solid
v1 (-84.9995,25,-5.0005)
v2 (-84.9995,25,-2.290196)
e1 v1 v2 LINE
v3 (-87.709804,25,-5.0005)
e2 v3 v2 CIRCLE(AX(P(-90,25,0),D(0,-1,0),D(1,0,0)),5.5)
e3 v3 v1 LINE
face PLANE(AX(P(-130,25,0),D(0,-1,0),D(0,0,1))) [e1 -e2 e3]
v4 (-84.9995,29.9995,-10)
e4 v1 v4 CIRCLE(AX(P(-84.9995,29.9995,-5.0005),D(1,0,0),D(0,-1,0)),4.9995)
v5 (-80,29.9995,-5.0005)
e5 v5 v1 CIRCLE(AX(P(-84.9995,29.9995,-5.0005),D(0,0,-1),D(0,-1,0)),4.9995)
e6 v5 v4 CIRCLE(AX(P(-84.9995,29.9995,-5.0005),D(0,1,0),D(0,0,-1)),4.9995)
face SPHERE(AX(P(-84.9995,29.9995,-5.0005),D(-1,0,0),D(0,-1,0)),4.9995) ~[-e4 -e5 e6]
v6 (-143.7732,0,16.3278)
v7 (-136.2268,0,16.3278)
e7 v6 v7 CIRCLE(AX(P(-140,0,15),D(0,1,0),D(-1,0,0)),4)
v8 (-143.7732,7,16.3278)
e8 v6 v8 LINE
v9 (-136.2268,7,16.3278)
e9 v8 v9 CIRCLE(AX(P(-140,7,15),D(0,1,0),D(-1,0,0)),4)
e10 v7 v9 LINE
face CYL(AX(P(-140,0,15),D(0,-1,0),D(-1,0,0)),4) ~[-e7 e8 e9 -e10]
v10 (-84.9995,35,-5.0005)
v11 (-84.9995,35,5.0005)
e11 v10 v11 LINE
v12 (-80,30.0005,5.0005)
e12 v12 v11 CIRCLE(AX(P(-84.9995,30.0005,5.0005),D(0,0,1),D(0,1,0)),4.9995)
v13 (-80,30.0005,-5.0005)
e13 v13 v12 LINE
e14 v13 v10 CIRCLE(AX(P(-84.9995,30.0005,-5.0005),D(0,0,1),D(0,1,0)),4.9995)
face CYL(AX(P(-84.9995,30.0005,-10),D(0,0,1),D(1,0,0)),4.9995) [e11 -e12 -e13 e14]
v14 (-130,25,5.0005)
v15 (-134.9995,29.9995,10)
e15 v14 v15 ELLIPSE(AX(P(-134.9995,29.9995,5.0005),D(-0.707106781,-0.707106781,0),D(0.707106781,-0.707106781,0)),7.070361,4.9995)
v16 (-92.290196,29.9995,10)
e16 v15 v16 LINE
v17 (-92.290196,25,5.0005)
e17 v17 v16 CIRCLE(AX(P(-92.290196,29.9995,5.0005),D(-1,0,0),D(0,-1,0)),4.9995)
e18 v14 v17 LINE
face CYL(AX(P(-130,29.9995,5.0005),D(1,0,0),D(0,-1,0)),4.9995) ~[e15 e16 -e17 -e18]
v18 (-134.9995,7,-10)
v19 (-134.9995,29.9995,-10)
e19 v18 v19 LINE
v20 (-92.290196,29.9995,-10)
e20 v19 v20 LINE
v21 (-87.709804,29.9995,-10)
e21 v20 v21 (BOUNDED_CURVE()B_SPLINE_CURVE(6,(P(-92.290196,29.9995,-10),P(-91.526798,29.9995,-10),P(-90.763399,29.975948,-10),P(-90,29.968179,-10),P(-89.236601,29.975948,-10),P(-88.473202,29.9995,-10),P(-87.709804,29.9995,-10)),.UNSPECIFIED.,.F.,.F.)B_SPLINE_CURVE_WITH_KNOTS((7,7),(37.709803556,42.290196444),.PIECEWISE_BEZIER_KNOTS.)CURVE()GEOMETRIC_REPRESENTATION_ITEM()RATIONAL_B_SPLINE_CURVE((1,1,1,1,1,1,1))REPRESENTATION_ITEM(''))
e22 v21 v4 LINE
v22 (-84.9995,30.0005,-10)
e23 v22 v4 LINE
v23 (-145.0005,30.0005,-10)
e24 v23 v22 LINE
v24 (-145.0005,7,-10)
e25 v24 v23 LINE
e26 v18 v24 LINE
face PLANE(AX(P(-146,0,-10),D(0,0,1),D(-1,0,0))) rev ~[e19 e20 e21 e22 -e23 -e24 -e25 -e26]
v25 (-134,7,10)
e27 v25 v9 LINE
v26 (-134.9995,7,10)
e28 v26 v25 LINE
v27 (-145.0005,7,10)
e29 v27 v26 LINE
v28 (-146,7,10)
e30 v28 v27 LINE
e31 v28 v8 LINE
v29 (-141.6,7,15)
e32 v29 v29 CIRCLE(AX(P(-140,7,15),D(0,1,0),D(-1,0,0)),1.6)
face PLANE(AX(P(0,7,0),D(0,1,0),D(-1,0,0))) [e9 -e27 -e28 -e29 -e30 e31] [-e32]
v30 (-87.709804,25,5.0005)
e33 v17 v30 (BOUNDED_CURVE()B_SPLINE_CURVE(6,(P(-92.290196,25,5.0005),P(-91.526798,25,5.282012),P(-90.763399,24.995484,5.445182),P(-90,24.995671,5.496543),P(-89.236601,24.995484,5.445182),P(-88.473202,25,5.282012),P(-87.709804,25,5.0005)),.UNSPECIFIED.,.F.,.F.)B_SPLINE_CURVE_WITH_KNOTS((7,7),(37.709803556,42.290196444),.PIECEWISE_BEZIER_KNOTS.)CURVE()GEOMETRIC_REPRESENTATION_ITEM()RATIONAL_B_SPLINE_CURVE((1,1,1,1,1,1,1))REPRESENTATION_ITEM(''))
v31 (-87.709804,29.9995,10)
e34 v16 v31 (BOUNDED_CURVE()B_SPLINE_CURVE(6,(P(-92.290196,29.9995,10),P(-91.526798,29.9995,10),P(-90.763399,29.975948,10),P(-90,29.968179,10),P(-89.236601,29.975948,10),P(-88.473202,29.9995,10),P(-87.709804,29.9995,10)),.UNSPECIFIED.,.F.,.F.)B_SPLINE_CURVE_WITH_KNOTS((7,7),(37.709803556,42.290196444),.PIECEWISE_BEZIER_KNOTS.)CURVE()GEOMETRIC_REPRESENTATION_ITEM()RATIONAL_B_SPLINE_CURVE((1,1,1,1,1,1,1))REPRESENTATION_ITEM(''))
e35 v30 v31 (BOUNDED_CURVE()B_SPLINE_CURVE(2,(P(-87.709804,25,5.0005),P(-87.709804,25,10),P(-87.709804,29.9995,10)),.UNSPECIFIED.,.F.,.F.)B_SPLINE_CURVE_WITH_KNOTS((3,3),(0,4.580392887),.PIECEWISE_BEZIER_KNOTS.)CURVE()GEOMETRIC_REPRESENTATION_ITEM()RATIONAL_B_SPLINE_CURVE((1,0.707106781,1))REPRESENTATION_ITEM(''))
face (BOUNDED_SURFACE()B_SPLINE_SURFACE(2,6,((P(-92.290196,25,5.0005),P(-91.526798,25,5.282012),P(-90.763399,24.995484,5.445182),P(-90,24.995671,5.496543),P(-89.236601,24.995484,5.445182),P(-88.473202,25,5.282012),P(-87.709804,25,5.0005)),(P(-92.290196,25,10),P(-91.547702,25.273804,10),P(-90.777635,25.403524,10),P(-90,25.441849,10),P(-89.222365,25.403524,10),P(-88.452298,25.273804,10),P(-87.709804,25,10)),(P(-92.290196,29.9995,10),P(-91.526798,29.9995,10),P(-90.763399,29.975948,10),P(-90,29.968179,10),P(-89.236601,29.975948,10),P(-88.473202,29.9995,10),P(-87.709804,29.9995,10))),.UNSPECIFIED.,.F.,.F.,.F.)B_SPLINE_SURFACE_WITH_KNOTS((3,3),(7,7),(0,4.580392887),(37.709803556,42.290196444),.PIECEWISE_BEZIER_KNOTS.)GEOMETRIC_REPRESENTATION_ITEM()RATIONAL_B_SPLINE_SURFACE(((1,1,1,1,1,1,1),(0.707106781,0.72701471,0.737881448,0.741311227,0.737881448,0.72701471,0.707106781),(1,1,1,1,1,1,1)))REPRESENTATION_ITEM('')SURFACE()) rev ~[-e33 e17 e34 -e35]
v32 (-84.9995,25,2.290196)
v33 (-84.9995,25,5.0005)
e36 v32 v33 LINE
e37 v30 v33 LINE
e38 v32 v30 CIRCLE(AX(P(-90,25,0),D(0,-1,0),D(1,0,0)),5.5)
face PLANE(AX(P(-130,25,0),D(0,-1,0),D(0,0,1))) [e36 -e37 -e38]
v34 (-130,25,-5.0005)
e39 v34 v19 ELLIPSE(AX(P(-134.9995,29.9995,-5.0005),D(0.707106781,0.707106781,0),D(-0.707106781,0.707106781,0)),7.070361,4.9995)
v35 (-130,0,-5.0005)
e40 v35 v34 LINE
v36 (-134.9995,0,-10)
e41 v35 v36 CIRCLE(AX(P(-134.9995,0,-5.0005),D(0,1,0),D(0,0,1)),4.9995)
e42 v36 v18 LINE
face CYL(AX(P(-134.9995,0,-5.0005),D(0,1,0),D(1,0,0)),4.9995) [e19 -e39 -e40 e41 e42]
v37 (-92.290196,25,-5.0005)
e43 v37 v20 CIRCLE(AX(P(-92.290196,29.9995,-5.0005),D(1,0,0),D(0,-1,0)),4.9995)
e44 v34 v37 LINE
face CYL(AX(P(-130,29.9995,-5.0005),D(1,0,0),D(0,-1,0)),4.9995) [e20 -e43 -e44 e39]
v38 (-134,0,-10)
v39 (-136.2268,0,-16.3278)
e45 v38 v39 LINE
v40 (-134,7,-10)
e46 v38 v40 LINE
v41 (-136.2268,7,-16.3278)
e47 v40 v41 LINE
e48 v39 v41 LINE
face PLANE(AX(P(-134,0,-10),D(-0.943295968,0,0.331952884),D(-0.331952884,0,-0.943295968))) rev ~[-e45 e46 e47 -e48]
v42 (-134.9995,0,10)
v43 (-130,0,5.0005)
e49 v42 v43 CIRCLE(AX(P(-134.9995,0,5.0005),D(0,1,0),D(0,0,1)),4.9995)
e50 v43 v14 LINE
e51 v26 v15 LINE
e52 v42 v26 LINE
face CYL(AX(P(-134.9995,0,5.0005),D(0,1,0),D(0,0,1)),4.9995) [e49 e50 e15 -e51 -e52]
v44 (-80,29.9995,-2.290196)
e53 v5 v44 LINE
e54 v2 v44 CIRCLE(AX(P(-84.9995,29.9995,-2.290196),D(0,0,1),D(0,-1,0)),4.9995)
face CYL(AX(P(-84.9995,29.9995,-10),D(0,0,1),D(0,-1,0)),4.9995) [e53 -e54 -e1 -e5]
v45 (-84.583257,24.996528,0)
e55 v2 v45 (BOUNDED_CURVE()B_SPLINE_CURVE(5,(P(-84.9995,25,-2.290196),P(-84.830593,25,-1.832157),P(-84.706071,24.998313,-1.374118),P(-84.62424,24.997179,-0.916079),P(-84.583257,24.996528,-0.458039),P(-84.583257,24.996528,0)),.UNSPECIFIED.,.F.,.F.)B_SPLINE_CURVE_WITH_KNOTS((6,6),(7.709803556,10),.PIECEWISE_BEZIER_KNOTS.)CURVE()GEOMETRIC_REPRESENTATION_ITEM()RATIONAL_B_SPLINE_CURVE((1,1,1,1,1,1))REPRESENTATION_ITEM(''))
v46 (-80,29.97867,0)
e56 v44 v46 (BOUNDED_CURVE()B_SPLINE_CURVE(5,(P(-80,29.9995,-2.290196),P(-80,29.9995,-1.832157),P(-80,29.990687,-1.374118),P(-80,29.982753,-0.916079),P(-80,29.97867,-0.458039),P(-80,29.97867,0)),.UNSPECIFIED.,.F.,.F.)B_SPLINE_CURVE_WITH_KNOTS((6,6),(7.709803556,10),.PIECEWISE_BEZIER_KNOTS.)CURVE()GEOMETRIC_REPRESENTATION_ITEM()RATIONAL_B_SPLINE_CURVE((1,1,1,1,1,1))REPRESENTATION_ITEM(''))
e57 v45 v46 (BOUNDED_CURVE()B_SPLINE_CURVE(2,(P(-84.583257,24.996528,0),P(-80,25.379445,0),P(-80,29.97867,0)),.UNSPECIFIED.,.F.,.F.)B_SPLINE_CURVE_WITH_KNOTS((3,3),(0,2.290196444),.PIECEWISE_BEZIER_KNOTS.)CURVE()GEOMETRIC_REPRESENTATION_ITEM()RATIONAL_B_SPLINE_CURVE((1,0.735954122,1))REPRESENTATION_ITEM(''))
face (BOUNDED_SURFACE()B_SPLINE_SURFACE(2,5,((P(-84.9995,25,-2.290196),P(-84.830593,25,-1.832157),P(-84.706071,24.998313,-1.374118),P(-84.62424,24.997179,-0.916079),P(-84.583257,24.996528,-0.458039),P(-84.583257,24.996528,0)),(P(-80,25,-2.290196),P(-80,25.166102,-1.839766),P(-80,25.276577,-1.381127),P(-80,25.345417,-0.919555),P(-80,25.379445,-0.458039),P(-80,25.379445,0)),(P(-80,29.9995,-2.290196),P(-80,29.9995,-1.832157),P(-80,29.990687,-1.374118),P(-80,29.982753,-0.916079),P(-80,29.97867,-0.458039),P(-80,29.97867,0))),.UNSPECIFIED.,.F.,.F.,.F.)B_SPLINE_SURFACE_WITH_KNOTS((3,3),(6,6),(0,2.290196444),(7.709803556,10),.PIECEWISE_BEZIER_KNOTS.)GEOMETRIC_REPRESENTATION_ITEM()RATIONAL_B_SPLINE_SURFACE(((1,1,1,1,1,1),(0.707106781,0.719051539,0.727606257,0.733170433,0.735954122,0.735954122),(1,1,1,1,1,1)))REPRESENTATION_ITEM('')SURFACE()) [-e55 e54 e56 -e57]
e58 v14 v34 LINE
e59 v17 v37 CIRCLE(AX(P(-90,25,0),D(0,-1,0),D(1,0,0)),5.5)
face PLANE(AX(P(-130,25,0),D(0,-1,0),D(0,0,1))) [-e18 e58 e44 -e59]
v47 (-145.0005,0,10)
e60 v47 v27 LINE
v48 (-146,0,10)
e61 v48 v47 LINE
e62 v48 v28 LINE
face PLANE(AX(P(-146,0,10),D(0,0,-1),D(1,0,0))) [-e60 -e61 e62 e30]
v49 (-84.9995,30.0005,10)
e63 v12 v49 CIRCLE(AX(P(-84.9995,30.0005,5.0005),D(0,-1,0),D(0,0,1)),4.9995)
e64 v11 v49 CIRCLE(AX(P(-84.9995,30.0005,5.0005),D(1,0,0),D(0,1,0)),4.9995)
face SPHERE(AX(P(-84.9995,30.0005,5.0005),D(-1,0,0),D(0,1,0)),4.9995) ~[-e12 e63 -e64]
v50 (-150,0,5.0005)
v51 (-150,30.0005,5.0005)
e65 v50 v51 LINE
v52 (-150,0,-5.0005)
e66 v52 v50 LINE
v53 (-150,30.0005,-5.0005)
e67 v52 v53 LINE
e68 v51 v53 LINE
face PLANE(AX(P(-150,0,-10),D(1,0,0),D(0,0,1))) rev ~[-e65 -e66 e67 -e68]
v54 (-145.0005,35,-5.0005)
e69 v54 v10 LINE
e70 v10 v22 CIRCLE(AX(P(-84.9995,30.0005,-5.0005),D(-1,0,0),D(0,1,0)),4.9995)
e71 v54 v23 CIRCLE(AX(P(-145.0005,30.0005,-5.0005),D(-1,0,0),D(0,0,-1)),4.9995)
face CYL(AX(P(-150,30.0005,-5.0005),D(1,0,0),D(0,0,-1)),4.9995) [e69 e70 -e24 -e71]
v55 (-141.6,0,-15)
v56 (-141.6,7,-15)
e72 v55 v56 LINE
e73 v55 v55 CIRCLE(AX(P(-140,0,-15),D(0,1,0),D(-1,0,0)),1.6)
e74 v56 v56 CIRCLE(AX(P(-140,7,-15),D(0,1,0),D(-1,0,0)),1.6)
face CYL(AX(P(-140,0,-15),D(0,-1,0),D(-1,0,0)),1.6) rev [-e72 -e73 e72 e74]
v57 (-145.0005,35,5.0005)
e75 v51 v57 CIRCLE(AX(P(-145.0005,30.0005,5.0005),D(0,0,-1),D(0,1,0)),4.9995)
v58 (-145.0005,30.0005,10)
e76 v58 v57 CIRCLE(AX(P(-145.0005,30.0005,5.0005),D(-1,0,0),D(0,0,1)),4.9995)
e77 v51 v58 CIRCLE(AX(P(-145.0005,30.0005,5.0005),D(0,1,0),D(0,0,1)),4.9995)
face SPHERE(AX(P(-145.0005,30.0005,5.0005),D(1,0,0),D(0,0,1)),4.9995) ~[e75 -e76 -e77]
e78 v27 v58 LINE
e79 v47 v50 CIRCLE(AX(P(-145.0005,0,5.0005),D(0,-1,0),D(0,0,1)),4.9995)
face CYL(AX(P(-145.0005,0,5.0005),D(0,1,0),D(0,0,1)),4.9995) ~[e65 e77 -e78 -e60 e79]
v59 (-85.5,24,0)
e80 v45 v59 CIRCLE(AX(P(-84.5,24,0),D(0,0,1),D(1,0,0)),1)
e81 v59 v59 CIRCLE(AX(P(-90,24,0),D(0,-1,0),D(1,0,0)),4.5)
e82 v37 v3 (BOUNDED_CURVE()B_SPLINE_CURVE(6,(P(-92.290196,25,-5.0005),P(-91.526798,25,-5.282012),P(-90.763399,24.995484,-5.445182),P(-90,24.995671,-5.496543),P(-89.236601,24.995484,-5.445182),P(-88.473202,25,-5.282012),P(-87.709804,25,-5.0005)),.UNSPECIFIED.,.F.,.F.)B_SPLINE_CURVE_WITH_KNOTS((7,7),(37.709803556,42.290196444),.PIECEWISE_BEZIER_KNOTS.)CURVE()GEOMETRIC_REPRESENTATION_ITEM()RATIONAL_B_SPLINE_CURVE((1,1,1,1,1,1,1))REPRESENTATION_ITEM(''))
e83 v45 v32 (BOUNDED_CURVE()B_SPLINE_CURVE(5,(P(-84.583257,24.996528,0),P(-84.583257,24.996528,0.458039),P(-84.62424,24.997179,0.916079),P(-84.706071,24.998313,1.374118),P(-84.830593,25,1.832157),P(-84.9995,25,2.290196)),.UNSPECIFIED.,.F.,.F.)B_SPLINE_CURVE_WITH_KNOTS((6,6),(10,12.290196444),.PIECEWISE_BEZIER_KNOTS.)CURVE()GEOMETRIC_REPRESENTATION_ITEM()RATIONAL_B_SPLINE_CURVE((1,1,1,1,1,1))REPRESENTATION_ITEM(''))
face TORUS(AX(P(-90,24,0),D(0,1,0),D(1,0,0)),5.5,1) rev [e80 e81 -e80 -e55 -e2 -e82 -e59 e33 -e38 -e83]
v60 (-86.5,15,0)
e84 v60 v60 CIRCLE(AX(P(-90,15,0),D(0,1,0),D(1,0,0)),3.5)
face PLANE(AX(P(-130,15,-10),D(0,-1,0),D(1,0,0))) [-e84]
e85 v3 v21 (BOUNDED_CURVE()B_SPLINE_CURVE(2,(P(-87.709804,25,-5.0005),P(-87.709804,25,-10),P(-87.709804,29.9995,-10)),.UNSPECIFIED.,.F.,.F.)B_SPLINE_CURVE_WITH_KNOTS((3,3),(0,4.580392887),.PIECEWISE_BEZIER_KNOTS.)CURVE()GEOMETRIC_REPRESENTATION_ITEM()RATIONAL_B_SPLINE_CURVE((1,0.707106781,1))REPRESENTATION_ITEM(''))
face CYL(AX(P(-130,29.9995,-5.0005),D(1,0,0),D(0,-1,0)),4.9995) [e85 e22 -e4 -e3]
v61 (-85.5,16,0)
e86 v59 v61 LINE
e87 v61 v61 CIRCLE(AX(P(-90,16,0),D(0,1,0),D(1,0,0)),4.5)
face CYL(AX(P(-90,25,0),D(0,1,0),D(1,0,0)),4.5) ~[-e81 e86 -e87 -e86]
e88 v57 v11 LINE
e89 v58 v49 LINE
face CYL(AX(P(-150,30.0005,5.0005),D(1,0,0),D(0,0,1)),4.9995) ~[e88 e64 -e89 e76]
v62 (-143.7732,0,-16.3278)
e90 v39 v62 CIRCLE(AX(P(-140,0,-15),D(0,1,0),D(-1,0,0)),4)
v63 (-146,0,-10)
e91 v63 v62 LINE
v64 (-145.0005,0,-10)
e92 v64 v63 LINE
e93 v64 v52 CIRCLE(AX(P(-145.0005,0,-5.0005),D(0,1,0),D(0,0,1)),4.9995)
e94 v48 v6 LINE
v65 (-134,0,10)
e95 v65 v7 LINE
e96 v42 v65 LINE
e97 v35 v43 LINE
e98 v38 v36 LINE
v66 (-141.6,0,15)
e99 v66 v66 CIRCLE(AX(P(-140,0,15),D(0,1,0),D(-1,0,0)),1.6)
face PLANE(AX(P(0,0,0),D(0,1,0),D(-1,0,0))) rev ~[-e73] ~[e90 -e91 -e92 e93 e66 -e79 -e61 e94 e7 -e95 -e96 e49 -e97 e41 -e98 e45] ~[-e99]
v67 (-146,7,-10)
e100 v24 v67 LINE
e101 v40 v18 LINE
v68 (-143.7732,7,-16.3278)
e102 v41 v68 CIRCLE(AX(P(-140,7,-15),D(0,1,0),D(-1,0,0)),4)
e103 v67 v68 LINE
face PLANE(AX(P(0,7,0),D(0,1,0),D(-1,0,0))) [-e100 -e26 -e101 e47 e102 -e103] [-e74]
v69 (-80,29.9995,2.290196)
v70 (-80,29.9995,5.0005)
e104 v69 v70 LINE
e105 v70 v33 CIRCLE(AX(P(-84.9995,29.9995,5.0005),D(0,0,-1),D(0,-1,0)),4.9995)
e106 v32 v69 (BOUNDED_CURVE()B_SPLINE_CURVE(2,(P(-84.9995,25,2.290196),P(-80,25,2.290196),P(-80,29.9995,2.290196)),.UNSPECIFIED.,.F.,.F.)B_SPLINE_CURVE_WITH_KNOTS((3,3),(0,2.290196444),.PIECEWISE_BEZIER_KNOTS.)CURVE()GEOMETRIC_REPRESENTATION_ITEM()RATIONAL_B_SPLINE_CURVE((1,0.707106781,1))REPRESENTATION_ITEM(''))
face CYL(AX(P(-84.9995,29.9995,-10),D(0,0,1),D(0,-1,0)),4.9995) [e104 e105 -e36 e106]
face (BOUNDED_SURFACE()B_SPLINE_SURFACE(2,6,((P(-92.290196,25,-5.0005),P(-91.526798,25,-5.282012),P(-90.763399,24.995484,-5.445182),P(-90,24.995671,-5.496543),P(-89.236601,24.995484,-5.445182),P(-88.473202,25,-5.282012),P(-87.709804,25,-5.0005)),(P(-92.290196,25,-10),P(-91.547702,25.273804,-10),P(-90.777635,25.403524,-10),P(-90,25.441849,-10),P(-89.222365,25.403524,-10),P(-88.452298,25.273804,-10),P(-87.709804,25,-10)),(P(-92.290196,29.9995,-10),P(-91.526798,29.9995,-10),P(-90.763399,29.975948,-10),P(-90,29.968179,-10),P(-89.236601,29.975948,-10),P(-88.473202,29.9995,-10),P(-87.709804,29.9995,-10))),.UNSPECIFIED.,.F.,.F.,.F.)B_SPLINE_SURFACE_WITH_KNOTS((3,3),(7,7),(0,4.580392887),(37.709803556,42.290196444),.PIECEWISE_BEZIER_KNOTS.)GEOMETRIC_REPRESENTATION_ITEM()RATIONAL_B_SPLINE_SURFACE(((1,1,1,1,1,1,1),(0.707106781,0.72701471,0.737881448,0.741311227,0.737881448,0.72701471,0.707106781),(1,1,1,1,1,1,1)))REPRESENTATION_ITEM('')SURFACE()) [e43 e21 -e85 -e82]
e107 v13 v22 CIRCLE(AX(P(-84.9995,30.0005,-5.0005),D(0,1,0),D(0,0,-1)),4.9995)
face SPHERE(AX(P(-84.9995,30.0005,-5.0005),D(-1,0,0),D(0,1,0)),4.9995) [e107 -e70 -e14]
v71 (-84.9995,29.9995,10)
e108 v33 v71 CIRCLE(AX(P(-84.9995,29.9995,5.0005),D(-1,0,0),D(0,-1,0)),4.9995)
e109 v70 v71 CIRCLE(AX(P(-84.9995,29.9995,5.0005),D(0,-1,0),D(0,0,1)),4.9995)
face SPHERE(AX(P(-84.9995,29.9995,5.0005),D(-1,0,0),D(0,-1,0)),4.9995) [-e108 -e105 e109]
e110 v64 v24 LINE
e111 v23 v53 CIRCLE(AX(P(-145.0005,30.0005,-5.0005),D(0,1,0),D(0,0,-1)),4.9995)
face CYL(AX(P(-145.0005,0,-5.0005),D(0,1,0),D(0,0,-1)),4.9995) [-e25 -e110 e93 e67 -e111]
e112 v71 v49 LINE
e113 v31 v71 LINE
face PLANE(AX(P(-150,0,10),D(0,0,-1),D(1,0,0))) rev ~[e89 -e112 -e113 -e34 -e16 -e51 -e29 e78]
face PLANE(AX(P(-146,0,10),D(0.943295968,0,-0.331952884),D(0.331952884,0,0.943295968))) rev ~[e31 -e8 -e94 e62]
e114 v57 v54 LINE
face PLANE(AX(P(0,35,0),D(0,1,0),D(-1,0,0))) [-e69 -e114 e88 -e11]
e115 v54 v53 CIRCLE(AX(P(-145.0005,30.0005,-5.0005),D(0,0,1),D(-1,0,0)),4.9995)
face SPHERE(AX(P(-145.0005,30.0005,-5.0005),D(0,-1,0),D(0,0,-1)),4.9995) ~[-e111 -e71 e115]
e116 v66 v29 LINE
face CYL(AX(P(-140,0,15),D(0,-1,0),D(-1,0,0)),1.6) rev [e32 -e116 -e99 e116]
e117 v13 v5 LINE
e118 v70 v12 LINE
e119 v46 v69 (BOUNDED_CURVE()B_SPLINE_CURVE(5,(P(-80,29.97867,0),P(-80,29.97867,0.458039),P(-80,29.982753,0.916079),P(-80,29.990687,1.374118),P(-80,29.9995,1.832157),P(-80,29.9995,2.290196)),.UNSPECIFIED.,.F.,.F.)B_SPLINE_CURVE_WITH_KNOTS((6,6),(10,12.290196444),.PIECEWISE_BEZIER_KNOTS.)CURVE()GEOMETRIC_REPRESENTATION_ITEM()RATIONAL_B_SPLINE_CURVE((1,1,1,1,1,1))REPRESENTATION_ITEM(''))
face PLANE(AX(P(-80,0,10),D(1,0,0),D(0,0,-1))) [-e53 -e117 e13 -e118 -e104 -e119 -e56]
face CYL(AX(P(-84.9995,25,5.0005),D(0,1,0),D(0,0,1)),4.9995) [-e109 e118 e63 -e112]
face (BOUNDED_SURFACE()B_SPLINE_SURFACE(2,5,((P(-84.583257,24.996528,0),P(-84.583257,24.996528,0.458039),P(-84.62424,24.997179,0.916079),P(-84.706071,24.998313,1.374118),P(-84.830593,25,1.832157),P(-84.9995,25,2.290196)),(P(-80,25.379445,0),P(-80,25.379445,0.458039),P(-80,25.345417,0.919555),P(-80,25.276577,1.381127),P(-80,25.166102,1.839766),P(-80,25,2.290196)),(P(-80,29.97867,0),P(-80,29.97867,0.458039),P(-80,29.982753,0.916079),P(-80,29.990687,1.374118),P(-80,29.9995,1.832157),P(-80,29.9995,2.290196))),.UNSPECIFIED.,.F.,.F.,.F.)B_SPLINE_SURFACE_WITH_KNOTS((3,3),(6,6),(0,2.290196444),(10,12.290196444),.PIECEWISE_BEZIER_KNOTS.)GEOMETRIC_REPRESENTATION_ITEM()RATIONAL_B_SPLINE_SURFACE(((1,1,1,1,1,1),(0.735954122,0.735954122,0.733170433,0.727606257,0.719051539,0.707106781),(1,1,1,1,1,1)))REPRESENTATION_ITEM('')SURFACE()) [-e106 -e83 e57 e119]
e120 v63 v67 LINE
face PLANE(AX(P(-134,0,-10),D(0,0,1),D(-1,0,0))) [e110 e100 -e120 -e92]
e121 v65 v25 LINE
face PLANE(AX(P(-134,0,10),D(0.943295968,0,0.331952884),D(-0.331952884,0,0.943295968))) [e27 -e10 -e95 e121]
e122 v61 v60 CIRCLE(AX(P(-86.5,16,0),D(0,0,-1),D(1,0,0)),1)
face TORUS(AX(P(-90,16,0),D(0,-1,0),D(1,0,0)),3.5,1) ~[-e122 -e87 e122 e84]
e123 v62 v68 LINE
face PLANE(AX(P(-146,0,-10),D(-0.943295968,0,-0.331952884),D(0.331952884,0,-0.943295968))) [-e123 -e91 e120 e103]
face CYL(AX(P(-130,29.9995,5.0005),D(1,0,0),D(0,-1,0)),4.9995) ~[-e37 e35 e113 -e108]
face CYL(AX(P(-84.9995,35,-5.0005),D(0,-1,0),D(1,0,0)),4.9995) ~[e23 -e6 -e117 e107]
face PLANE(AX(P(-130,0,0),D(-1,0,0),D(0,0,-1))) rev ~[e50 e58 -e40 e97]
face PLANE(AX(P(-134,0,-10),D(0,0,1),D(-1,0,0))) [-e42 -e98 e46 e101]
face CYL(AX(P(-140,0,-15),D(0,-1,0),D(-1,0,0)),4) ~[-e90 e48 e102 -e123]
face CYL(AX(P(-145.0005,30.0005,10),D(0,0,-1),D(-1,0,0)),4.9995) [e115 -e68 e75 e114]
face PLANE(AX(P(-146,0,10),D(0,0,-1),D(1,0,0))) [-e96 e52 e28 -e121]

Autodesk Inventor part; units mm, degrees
ref_plane "YZ Plane" through (0, 0, 0) normal (1, 0, 0) x (0, 1, 0)
ref_plane "XZ Plane" through (0, 0, 0) normal (0, 1, 0) x (-1, 0, 0)
ref_plane "XY Plane" through (0, 0, 0) normal (0, 0, 1) x (1, 0, 0)
sketch "Szkic1" plane through (0, 0, 0) normal (0, 1, 0) x (-1, 0, 0)
  line L0 (180, 0) -> (-30, 0) projected
  line L1 (0, -42.9384) -> (0, 29.3231) projected
  line L2 (150, 10) -> (130, 10)
  line L3 (130, 10) -> (130, -10)
  line L4 (130, -10) -> (150, -10)
  line L5 (150, -10) -> (150, 10)
  line L6 (150, 10) -> (130, -10) construction
  line L7 (130, 10) -> (150, -10) construction
  circle A0 centre (140, -15) radius 1.6
  circle A1 centre (140, -15) radius 4
  line L8 (146, -10) -> (143.7732, -16.3278)
  line L9 (140, 0) -> (140, -32.6153) construction
  line L10 (134, -10) -> (136.2268, -16.3278)
  circle A2 centre (140, 15) radius 1.6
  circle A3 centre (140, 15) radius 4
  line L11 (146, 10) -> (143.7732, 16.3278)
  line L12 (134, 10) -> (136.2268, 16.3278)
  point P0 (0, 0)
  dimension "d21" = 8
  dimension "d3" = 20
  dimension "d4" = 20
  dimension "d5" = 140
  dimension "d19" = 3.2
  dimension "d20" = 15
  dimension "d22" = 12
extrude "Wyciągnięcie proste1" add sketch "Szkic1" along normal blind 35 contours L5 L4 L3 L0 | L0 L3 L2 L5
sketch "Szkic2" plane through (-130, 0, 10) normal (1, 0, 0) x (0, 0, -1)
  line L0 (10, -7) -> (10, 42) projected
  line L1 (24, 0) -> (-4, 0) projected
  line L2 (0, 35) -> (20, 35)
  line L3 (20, 35) -> (20, 25)
  line L4 (20, 25) -> (0, 25)
  line L5 (0, 25) -> (0, 35)
  line L6 (0, 35) -> (20, 25) construction
  line L7 (20, 35) -> (0, 25) construction
  line L8 (0, 0) -> (20, 0) projected
  point P0 (10, 0)
  point P1 (10, 30)
  point P2 (10, 0)
  dimension "d8" = 20
  dimension "d9" = 10
  dimension "d10" = 30
extrude "Wyciągnięcie proste2" add sketch "Szkic2" along normal blind 50
sketch "Szkic3" plane through (-130, 25, -10) normal (0, -1, 0) x (1, 0, 0)
  circle A0 centre (40, 10) radius 4.5
  line L0 (130, -4) -> (130, 24) projected
  line L1 (-50, 10) -> (160, 10) projected
  point P0 (130, 10)
  dimension "d13" = 9
  dimension "d14" = 90
extrude "Wyciągnięcie proste3" add sketch "Szkic3" along normal blind 10
fillet "Zaokrąglenie1" radius 1 2 edges at (-94.5, 15, 0) (-94.5, 25, 0)
fillet "Zaokrąglenie2" radius 5 13 edges at (-105, 25, 10) (-130, 12.5, 10) (-130, 12.5, -10) (-105, 25, -10) (-115, 35, 10) (-150, 17.5, -10) (-150, 17.5, 10) (-115, 35, -10) (-80, 25, 0) (-80, 35, 0) (-80, 30, -10) (-80, 30, 10) (-150, 35, 0)
extrude "Wyciągnięcie proste4" add sketch "Szkic1" along normal blind 7 contours L8 A1 L10 L4 | L2 L12 A3 L11 | A1 | A3
properties part number "uMule-uchwyt_servo"
